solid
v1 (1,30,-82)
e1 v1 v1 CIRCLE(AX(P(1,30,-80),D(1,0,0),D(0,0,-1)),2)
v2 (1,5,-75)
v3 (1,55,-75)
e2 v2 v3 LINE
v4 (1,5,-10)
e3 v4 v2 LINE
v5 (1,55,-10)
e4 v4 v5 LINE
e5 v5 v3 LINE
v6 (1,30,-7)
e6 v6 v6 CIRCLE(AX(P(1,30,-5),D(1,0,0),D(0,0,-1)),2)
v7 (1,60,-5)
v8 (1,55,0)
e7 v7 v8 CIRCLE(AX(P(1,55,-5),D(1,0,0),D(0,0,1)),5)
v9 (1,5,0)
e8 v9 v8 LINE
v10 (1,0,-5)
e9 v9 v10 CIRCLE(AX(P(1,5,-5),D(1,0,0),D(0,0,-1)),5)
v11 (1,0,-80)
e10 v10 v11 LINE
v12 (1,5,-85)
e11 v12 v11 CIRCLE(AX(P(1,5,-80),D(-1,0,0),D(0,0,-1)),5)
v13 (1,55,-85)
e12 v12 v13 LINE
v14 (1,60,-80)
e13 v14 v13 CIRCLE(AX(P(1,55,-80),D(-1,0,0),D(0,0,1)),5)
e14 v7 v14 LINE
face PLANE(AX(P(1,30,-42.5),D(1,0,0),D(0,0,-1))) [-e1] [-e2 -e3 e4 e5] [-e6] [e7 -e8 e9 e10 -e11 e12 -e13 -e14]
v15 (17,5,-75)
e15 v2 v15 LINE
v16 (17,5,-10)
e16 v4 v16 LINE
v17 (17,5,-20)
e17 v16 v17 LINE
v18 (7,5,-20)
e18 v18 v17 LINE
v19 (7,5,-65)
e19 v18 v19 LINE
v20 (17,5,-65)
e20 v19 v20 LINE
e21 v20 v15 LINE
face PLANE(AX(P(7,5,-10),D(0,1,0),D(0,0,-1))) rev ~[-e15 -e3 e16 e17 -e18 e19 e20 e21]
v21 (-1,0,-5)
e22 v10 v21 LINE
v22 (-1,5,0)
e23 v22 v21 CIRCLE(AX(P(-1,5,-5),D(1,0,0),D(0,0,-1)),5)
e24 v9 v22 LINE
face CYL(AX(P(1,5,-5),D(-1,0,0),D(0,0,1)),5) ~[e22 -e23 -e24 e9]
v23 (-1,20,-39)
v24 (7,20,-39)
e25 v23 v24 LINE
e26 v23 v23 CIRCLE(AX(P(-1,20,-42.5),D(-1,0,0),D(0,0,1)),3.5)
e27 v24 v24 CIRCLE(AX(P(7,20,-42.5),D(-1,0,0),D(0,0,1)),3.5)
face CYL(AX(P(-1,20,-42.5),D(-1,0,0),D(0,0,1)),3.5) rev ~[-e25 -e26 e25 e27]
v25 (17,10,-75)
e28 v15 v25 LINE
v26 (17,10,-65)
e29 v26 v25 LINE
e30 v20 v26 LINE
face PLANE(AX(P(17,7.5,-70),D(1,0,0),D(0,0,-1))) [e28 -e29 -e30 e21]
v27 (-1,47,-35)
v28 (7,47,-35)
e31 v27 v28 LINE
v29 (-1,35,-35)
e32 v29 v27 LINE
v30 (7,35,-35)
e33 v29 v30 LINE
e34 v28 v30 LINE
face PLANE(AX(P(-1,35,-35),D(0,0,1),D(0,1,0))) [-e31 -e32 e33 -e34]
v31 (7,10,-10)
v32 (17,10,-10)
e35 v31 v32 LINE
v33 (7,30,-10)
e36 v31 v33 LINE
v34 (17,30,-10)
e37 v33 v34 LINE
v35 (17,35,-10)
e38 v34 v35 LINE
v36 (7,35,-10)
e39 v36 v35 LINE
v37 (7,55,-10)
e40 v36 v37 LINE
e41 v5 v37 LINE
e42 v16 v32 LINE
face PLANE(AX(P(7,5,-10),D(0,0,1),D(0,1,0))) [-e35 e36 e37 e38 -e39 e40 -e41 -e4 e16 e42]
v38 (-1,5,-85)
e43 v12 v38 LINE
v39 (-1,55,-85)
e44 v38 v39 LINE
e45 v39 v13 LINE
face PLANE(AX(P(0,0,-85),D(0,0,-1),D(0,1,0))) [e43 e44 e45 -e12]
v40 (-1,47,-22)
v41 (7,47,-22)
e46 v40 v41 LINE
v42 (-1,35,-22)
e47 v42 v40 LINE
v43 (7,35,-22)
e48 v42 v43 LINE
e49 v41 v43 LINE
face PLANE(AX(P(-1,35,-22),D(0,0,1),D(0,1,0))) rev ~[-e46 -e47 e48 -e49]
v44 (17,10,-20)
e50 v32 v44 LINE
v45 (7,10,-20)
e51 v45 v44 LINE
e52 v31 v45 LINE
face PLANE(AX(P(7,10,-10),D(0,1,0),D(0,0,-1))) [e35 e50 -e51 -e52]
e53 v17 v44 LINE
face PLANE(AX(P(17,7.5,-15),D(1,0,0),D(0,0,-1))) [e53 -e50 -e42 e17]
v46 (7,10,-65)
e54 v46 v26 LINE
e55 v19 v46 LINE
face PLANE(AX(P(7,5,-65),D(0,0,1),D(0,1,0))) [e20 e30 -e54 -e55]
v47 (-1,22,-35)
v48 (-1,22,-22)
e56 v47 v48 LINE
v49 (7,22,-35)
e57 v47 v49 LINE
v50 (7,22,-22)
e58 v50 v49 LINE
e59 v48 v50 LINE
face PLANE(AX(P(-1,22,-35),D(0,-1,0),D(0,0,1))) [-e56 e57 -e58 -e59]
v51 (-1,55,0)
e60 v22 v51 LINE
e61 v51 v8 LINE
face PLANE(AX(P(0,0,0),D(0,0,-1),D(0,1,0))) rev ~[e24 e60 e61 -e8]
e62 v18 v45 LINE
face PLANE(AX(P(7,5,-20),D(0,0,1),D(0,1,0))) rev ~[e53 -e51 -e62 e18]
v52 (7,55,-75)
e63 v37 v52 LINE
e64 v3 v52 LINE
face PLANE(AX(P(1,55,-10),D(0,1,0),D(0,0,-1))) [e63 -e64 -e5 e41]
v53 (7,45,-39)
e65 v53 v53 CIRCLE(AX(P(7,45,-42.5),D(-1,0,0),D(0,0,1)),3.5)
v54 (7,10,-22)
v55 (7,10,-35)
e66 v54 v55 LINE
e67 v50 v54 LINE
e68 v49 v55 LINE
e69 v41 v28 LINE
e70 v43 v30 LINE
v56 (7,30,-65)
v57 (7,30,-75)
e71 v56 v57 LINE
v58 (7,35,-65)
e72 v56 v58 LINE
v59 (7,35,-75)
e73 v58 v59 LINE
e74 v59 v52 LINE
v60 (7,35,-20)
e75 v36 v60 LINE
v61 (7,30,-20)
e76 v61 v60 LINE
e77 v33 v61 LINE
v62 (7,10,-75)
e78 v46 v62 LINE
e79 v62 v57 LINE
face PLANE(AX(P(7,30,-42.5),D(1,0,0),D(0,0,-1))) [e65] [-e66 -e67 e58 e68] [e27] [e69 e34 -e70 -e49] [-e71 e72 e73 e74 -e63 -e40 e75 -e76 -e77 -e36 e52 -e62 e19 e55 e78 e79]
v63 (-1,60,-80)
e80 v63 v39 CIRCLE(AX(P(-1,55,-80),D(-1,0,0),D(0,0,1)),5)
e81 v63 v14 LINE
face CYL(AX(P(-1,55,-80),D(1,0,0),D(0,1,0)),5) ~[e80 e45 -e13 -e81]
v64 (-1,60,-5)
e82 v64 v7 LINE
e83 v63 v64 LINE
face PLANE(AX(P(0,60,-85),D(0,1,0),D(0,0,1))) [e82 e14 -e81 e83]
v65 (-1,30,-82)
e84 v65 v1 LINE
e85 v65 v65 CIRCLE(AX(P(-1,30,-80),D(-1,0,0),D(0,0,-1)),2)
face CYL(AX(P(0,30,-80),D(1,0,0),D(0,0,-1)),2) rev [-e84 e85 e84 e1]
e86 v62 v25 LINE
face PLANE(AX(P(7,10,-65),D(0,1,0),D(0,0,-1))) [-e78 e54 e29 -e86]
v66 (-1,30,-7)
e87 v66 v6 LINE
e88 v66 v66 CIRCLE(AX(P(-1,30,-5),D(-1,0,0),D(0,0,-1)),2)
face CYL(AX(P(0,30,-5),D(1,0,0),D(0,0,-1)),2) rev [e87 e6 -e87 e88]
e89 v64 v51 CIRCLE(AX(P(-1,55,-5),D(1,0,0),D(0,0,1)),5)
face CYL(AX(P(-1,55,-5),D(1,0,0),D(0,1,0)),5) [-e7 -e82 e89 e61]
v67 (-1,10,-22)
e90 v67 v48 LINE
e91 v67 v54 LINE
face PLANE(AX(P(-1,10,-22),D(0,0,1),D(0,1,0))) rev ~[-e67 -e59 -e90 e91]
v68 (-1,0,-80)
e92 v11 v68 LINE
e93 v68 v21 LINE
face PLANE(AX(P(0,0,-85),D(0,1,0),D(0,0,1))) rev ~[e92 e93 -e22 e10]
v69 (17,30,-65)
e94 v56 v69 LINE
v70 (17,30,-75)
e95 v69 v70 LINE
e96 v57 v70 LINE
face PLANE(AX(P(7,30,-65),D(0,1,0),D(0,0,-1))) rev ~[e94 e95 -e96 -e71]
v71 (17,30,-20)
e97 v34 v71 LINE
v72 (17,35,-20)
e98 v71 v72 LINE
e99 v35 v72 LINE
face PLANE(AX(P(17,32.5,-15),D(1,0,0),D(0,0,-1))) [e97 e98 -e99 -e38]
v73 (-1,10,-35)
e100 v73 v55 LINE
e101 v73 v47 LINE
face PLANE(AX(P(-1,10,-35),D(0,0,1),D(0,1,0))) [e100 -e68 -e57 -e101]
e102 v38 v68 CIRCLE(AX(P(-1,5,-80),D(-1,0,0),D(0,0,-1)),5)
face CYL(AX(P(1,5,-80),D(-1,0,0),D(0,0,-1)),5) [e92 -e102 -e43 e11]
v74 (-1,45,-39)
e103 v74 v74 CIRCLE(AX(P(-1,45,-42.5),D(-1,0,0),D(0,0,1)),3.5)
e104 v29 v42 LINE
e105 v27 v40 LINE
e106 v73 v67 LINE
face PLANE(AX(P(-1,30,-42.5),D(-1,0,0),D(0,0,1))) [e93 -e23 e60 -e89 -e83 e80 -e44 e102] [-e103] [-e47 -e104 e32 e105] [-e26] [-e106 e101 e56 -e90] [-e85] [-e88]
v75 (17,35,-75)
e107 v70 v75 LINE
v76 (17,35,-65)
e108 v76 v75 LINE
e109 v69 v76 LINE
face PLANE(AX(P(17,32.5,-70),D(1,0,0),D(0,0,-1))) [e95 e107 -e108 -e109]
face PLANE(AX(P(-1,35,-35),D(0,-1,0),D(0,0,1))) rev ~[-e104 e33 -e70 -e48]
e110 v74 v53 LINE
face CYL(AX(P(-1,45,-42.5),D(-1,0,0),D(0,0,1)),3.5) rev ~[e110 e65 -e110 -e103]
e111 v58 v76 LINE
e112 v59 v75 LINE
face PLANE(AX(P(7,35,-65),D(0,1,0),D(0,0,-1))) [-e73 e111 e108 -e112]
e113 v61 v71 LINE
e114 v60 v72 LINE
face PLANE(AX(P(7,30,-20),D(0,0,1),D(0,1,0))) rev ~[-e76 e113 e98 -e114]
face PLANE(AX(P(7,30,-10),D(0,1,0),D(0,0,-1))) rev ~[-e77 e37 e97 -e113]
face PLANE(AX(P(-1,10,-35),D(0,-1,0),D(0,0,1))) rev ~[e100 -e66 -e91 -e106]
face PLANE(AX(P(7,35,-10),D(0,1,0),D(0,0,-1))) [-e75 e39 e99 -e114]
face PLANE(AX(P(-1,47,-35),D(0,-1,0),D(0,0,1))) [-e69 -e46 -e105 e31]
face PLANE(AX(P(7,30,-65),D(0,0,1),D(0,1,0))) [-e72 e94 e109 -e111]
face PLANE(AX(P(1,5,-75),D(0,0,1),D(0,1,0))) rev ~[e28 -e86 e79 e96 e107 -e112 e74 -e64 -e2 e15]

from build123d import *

# Parameters (mm, degrees)
SKETCH1_W           = 85
SKETCH1_H           = 60
BOSS_EXTRUDE1_DEPTH = 1
SKETCH2_W           = 65
SKETCH2_H           = 50
BOSS_EXTRUDE2_DEPTH = 6
SKETCH3_W           = 10
SKETCH3_H           = 5
BOSS_EXTRUDE3_DEPTH = 10
SKETCH4_R           = 2
CUT_EXTRUDE1_DEPTH  = 10
SKETCH5_W           = 85
SKETCH5_H           = 60
SKETCH5_R           = 2
BOSS_EXTRUDE4_DEPTH = 1
SKETCH6_R           = 3.5
SKETCH6_W           = 13
SKETCH6_H           = 12
CUT_EXTRUDE2_DEPTH  = 10
FILLET1_R           = 5
FILLET2_R           = 5
FILLET3_R           = 5
FILLET4_R           = 5


with BuildPart() as part:
    # Sketch1 → Boss-Extrude1 (new body)
    with BuildSketch(Plane(origin=(0, 0, 0), x_dir=(0, 0, -1), z_dir=(1, 0, 0))):
        with Locations((42.5, 30)):
            Rectangle(SKETCH1_W, SKETCH1_H)
    extrude(amount=BOSS_EXTRUDE1_DEPTH)

    # Sketch2 → Boss-Extrude2 (add)
    with BuildSketch(Plane(origin=(1, 0, 0), x_dir=(0, 0, -1), z_dir=(1, 0, 0))):
        with Locations((42.5, 30)):
            Rectangle(SKETCH2_W, SKETCH2_H)
    extrude(amount=BOSS_EXTRUDE2_DEPTH)

    # Sketch3 → Boss-Extrude3 (add)
    with BuildSketch(Plane(origin=(7, 0, 0), x_dir=(0, 0, -1), z_dir=(1, 0, 0))):
        with Locations((15, 7.5)):
            Rectangle(SKETCH3_W, SKETCH3_H)
        with Locations((70, 7.5)):
            Rectangle(SKETCH3_W, SKETCH3_H)
        with Locations((15, 32.5)):
            Rectangle(SKETCH3_W, SKETCH3_H)
        with Locations((70, 32.5)):
            Rectangle(SKETCH3_W, SKETCH3_H)
    extrude(amount=BOSS_EXTRUDE3_DEPTH)

    # Sketch4 → Cut-Extrude1 (cut)
    with BuildSketch(Plane(origin=(1, 0, 0), x_dir=(0, 0, -1), z_dir=(1, 0, 0))):
        with Locations((5, 30)):
            Circle(SKETCH4_R)
        with Locations((80, 30)):
            Circle(SKETCH4_R)
    extrude(amount=-CUT_EXTRUDE1_DEPTH, mode=Mode.SUBTRACT)

    # Sketch5 → Boss-Extrude4 (add)
    with BuildSketch(Plane.ZY):
        with Locations((-42.5, 30)):
            Rectangle(SKETCH5_W, SKETCH5_H)
        with Locations(Location((-80, 30, 0), (0, 0, 180))):
            Circle(SKETCH5_R, mode=Mode.SUBTRACT)
        with Locations(Location((-5, 30, 0), (0, 0, 180))):
            Circle(SKETCH5_R, mode=Mode.SUBTRACT)
    extrude(amount=BOSS_EXTRUDE4_DEPTH)

    # Sketch6 → Cut-Extrude2 (cut)
    with BuildSketch(Plane.ZY.offset(1)):
        with Locations((-42.5, 45)):
            Circle(SKETCH6_R)
        with Locations((-42.5, 20)):
            Circle(SKETCH6_R)
        with Locations((-28.5, 41)):
            Rectangle(SKETCH6_W, SKETCH6_H)
        with Locations((-28.5, 16)):
            Rectangle(SKETCH6_W, SKETCH6_H)
    extrude(amount=-CUT_EXTRUDE2_DEPTH, mode=Mode.SUBTRACT)

    # Fillet1
    fillet1_edges = [part.edges().sort_by_distance(p)[0] for p in [
        (0, 60, 0),
    ]]
    fillet(fillet1_edges, radius=FILLET1_R)

    # Fillet2
    fillet2_edges = [part.edges().sort_by_distance(p)[0] for p in [
        (0, 0, 0),
    ]]
    fillet(fillet2_edges, radius=FILLET2_R)

    # Fillet3
    fillet3_edges = [part.edges().sort_by_distance(p)[0] for p in [
        (0, 60, -85),
    ]]
    fillet(fillet3_edges, radius=FILLET3_R)

    # Fillet4
    fillet4_edges = [part.edges().sort_by_distance(p)[0] for p in [
        (0, 0, -85),
    ]]
    fillet(fillet4_edges, radius=FILLET4_R)


solid = part.part
